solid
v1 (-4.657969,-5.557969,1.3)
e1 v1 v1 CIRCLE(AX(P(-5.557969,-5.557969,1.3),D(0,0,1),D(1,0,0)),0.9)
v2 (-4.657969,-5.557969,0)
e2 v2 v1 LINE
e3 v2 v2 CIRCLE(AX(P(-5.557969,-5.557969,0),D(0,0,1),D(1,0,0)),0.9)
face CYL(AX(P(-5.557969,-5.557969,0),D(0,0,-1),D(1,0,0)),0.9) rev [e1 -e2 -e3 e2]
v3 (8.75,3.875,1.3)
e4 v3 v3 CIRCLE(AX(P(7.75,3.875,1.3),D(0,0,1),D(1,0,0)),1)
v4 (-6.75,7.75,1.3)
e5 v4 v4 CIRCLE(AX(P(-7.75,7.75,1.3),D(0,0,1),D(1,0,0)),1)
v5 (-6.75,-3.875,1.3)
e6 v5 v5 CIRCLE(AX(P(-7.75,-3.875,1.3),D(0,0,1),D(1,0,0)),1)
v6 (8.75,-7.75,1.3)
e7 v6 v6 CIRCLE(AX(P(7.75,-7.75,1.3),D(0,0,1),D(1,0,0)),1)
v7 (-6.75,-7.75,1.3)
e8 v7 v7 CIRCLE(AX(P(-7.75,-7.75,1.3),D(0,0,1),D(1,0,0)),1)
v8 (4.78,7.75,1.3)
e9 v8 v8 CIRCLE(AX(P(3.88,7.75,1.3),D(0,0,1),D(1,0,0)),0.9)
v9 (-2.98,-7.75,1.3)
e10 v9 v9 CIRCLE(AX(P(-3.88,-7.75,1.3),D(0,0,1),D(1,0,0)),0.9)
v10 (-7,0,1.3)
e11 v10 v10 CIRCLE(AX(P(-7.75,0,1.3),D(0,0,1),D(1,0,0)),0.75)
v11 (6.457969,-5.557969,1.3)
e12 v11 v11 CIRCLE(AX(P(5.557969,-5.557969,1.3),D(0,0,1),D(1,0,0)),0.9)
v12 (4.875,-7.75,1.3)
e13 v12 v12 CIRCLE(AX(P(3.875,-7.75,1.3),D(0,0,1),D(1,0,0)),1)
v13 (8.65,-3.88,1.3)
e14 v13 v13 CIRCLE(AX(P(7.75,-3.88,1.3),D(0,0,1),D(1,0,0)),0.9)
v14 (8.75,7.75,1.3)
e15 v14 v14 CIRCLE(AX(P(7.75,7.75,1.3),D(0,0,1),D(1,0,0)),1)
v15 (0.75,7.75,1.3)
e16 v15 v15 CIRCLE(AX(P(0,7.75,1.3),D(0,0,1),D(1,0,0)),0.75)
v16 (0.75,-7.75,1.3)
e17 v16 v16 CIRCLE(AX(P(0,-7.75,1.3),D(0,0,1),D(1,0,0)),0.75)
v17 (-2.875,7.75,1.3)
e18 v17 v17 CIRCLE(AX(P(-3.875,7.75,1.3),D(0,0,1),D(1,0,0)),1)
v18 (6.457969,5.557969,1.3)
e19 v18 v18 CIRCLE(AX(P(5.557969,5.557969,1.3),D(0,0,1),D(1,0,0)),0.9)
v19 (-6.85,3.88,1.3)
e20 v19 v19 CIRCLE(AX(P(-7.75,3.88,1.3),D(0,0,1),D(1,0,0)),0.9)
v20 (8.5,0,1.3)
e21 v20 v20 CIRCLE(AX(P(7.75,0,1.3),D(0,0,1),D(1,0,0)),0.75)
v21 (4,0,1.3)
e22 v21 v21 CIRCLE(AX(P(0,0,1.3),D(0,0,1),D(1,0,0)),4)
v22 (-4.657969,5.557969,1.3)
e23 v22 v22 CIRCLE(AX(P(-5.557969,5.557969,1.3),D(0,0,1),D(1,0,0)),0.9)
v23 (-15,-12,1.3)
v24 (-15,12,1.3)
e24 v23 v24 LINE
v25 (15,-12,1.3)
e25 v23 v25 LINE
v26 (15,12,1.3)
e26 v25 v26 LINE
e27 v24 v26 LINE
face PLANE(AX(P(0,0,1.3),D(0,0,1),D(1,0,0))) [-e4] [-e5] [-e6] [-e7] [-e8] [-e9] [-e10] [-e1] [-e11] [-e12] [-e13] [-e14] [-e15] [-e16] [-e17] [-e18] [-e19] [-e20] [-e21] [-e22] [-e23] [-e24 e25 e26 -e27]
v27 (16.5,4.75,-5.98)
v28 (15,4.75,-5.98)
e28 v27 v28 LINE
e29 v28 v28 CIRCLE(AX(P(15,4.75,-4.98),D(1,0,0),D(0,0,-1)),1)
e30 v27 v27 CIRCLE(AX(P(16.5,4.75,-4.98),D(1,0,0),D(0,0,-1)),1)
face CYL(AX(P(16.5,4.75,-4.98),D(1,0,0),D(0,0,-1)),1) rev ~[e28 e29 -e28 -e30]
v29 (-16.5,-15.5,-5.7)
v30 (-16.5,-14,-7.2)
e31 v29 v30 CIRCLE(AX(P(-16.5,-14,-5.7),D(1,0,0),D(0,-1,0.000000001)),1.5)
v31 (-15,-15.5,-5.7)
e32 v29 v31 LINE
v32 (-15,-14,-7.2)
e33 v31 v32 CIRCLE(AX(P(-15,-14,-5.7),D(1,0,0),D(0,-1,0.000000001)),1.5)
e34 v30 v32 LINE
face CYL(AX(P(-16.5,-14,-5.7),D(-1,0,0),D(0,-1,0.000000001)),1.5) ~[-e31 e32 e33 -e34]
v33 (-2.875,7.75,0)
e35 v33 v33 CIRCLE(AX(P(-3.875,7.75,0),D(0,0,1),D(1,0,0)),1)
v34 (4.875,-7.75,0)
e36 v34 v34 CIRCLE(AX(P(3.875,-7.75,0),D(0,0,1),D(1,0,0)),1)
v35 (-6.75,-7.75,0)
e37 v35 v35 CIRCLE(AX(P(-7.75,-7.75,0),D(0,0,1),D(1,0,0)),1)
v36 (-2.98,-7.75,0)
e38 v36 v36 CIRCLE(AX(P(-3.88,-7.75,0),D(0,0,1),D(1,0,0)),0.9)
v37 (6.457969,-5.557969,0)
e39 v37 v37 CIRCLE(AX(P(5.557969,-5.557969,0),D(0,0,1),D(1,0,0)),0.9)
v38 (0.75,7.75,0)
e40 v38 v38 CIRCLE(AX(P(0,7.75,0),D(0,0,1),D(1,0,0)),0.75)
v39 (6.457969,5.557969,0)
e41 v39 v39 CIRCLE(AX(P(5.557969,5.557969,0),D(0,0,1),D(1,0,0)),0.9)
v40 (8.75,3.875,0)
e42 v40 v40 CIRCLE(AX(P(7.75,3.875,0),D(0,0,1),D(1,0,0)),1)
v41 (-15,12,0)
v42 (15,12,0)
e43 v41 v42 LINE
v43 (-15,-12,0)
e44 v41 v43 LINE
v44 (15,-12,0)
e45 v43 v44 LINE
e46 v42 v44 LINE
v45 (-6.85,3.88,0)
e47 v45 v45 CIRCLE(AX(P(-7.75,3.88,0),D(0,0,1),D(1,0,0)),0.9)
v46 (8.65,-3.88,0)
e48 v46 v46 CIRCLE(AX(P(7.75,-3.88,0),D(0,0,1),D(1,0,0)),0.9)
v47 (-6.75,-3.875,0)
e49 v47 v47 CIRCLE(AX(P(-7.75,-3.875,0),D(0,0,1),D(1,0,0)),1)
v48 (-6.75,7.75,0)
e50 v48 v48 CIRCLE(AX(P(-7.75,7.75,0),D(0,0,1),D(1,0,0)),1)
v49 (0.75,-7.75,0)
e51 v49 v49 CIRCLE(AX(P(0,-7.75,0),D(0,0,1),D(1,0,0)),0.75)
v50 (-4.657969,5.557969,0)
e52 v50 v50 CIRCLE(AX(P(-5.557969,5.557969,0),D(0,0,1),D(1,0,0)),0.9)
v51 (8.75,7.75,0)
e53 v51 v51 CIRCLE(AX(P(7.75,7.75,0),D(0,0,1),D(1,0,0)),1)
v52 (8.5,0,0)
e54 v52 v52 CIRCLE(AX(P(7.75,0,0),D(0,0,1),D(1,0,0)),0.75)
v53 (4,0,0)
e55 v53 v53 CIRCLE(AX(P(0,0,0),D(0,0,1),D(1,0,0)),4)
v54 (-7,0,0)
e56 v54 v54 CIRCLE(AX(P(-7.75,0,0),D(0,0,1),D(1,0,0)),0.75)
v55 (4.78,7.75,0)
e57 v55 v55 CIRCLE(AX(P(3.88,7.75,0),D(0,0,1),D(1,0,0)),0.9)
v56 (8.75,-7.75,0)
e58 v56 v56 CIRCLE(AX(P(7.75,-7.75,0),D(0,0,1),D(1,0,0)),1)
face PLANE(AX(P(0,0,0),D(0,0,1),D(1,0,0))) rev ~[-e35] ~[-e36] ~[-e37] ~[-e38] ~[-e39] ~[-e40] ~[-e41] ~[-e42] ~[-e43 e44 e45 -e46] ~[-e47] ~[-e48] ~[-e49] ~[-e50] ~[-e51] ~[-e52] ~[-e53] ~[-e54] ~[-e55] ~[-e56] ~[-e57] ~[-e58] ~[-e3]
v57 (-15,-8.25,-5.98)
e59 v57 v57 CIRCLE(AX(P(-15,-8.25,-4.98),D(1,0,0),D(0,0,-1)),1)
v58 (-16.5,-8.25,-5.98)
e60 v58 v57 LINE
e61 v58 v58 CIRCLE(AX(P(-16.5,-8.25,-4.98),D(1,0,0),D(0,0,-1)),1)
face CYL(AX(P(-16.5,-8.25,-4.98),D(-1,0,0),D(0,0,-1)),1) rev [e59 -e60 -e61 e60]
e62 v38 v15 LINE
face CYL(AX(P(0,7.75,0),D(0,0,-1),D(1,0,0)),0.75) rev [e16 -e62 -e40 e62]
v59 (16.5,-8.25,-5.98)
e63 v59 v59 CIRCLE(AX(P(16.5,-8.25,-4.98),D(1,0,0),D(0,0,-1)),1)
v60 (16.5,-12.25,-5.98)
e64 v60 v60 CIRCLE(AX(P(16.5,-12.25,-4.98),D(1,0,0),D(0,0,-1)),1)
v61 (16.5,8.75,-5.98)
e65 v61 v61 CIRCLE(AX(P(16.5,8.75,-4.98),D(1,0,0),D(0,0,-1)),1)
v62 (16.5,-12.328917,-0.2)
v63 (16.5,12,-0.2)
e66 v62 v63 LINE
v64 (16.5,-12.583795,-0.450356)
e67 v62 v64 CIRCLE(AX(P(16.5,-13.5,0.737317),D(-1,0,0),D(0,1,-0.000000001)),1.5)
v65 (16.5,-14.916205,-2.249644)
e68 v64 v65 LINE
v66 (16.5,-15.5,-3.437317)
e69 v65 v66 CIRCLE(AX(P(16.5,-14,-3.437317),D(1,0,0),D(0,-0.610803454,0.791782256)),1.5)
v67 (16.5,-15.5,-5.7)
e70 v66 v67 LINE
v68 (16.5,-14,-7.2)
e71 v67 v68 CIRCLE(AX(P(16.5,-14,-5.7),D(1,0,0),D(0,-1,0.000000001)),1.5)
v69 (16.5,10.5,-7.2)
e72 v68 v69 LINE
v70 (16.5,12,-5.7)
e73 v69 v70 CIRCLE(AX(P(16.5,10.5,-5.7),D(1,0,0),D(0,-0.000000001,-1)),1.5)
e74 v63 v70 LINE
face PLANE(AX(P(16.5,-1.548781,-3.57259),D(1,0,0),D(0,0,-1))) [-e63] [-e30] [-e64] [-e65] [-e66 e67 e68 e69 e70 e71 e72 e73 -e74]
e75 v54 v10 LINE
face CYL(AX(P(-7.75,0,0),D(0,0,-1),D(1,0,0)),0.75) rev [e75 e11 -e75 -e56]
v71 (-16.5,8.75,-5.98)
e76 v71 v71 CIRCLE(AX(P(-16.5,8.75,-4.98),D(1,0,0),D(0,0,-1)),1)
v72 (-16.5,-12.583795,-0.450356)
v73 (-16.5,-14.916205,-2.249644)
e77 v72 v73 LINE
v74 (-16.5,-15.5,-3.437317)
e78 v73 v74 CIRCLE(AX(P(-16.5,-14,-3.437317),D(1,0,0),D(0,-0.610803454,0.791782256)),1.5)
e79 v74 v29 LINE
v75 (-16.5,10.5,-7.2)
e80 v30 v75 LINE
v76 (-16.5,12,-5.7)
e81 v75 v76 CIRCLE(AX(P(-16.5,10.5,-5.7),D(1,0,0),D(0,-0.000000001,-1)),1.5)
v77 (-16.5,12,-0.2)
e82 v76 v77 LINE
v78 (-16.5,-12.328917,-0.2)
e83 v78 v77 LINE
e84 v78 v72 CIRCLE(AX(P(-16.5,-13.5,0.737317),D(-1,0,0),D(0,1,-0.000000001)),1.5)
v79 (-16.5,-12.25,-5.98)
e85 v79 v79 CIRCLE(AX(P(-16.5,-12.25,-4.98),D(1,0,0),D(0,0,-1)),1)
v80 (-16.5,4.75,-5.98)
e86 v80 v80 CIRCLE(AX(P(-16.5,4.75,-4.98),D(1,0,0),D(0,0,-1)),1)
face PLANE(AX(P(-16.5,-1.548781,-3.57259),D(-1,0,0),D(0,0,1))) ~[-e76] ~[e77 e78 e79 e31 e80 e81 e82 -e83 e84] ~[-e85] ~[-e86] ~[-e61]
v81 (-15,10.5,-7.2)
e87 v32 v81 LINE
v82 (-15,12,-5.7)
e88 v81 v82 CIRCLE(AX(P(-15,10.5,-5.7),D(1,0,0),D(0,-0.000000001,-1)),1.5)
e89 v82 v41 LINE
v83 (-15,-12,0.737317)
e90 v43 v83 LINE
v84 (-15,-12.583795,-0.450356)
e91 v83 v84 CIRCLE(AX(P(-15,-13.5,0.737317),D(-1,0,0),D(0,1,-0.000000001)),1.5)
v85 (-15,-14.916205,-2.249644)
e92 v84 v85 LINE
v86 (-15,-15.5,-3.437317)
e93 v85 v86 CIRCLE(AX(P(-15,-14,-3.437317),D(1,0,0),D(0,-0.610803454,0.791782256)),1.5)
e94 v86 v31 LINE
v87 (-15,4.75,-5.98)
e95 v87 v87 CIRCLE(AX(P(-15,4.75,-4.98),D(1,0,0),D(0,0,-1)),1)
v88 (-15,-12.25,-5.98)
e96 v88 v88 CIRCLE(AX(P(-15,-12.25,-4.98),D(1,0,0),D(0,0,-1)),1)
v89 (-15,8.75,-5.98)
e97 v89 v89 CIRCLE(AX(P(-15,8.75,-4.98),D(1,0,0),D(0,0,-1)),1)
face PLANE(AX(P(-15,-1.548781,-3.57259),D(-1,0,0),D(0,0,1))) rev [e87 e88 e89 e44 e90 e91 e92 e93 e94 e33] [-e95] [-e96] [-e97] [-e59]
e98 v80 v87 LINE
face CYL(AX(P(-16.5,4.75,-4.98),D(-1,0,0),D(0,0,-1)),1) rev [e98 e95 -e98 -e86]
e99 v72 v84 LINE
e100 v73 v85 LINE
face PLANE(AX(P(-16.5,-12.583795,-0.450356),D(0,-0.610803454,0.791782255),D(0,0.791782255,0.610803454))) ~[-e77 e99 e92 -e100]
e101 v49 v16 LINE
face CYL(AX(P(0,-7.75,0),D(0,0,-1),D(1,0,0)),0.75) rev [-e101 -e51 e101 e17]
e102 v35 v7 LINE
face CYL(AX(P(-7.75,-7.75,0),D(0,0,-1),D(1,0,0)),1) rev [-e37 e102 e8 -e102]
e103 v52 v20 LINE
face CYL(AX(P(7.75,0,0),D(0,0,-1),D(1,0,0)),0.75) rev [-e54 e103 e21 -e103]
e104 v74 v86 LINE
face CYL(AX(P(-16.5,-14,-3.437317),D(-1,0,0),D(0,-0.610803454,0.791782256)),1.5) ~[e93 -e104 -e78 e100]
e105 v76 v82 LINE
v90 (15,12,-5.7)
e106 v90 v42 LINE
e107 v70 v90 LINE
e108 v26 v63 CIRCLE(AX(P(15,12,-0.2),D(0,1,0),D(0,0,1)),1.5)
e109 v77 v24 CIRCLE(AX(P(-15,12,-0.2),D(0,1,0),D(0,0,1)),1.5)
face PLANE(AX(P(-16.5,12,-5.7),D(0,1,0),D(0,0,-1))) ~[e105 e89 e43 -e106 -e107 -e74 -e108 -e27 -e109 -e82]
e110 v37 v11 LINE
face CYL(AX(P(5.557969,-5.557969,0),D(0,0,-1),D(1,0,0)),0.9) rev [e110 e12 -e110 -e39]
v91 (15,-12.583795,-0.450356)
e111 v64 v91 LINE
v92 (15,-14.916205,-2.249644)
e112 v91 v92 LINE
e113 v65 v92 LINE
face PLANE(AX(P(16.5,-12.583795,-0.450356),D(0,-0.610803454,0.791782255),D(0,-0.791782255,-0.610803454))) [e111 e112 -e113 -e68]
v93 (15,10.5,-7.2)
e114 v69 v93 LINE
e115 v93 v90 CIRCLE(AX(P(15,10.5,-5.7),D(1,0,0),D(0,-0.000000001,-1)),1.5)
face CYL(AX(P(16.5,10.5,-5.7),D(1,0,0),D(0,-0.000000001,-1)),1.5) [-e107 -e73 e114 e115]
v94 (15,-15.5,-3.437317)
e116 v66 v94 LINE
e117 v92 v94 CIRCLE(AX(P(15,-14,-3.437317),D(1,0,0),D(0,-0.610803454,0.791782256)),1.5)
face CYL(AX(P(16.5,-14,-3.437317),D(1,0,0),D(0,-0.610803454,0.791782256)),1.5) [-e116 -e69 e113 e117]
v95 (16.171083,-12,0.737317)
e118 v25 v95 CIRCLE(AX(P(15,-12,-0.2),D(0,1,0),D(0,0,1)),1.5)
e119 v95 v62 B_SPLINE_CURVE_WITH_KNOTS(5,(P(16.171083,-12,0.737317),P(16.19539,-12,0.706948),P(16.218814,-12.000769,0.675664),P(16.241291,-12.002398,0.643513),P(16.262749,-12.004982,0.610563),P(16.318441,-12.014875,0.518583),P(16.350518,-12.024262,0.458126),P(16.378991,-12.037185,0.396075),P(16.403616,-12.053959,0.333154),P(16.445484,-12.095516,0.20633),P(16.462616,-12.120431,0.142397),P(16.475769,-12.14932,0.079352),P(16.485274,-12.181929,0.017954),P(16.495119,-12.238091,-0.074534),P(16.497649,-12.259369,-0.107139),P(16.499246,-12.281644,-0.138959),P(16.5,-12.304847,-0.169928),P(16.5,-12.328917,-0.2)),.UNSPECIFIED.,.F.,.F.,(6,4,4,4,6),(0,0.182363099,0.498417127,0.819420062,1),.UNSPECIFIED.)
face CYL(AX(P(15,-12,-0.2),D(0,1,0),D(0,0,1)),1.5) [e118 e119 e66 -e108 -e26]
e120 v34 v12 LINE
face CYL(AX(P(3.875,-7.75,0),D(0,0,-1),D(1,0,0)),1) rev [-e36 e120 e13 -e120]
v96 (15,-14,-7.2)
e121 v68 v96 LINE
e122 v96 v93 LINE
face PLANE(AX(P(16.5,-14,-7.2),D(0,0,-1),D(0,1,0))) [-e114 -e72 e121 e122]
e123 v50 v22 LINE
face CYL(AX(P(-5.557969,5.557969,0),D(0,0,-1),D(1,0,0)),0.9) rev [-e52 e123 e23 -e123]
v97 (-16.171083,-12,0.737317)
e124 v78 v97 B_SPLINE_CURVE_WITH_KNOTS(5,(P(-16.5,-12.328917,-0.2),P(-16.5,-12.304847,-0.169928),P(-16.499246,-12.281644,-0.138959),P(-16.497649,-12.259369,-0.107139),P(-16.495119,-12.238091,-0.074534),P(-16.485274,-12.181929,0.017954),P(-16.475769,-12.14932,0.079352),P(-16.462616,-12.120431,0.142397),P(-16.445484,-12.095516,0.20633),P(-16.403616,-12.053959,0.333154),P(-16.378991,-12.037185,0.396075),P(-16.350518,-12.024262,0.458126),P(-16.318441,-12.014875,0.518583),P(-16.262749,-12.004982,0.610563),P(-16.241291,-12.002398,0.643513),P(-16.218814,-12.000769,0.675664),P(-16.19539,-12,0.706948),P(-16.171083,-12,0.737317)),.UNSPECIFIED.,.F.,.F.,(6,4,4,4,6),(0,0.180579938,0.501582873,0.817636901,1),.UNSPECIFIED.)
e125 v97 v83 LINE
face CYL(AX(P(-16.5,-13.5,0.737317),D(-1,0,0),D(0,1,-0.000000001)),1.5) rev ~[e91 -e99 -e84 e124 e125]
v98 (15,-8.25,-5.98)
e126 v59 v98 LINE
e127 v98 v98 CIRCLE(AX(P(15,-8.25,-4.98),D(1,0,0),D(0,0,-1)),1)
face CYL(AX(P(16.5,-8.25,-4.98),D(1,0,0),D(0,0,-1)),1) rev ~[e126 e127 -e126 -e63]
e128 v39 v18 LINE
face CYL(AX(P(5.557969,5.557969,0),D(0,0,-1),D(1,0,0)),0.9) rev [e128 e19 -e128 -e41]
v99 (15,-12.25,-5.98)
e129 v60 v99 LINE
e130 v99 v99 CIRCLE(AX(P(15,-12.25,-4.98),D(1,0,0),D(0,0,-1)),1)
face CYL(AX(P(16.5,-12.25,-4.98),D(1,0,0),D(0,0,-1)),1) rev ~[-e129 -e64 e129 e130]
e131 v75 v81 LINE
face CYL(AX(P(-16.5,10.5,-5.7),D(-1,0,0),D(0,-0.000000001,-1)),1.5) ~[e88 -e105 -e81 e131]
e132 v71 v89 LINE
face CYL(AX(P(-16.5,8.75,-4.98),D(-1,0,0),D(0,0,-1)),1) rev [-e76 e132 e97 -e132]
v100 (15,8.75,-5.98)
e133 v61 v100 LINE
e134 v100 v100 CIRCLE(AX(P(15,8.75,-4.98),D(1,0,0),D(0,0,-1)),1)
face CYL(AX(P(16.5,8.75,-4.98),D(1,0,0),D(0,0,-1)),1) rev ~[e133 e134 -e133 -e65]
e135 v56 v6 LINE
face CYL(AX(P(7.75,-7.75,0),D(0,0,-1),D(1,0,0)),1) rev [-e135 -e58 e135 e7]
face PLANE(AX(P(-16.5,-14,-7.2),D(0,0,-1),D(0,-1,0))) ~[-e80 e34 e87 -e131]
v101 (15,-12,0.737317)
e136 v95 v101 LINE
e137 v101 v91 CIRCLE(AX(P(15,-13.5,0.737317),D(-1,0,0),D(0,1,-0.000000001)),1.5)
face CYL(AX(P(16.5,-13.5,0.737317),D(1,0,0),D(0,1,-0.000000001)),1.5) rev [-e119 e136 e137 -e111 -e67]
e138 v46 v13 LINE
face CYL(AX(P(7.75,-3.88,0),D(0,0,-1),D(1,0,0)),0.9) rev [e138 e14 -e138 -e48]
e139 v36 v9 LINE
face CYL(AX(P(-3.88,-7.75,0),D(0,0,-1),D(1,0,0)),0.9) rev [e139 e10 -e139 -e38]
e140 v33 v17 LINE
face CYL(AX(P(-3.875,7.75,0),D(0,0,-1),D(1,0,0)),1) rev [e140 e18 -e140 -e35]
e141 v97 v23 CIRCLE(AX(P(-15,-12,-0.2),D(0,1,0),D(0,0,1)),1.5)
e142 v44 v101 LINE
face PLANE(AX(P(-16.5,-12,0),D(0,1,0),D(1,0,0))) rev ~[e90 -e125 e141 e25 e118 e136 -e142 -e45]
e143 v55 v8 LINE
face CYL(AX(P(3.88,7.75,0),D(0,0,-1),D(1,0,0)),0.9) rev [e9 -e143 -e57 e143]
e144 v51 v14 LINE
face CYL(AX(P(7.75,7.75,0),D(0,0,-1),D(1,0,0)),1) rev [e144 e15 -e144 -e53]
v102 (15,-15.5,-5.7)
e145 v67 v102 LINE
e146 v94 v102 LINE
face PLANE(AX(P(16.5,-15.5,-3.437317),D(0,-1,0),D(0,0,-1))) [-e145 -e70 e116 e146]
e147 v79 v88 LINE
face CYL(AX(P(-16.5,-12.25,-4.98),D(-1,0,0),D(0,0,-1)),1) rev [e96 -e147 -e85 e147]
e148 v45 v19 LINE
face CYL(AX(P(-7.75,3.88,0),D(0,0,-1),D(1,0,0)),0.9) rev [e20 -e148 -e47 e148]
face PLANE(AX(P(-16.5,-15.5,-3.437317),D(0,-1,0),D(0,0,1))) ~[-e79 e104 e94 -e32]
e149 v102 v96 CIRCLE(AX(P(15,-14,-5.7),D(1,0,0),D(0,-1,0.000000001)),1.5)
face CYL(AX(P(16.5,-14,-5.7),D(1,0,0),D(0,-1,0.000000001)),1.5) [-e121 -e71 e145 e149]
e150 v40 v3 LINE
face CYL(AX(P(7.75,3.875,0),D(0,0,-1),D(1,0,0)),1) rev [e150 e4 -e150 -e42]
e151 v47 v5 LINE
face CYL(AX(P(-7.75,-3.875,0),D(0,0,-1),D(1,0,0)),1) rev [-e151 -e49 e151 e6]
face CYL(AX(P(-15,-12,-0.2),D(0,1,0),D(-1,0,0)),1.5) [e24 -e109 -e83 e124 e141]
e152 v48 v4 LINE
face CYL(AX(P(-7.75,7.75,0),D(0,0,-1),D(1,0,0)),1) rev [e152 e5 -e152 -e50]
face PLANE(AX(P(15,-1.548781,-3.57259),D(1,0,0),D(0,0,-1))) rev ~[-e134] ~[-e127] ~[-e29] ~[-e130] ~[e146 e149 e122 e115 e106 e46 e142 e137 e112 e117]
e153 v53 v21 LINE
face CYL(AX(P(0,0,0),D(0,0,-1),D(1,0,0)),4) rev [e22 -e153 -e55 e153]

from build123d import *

# Parameters (mm, degrees)
SKETCH1_W           = 33
SKETCH1_H           = 24
SKETCH1_R           = 4
SKETCH1_R_2         = 1
SKETCH1_R_3         = 0.75
SKETCH1_R_4         = 0.9
BOSS_EXTRUDE1_DEPTH = 1.3
SKETCH2_R           = 1
BOSS_EXTRUDE2_DEPTH = 1.5
FILLET1_R           = 1.5


with BuildPart() as part:
    # Sketch1 → Boss-Extrude1 (new body)
    with BuildSketch(Plane.XY):
        Rectangle(SKETCH1_W, SKETCH1_H)
        Circle(SKETCH1_R, mode=Mode.SUBTRACT)
        with Locations((-7.75, 7.75)):
            Circle(SKETCH1_R_2, mode=Mode.SUBTRACT)
        with Locations((7.75, 7.75)):
            Circle(SKETCH1_R_2, mode=Mode.SUBTRACT)
        with Locations((7.75, -7.75)):
            Circle(SKETCH1_R_2, mode=Mode.SUBTRACT)
        with Locations((-7.75, -7.75)):
            Circle(SKETCH1_R_2, mode=Mode.SUBTRACT)
        with Locations((0, 7.75)):
            Circle(SKETCH1_R_3, mode=Mode.SUBTRACT)
        with Locations((-3.875, 7.75)):
            Circle(SKETCH1_R_2, mode=Mode.SUBTRACT)
        with Locations((3.88, 7.75)):
            Circle(SKETCH1_R_4, mode=Mode.SUBTRACT)
        with Locations((-5.557968978, 5.557968978)):
            Circle(SKETCH1_R_4, mode=Mode.SUBTRACT)
        with Locations((7.75, 3.875)):
            Circle(SKETCH1_R_2, mode=Mode.SUBTRACT)
        with Locations((7.75, 0)):
            Circle(SKETCH1_R_3, mode=Mode.SUBTRACT)
        with Locations((7.75, -3.88)):
            Circle(SKETCH1_R_4, mode=Mode.SUBTRACT)
        with Locations((5.557968978, 5.557968978)):
            Circle(SKETCH1_R_4, mode=Mode.SUBTRACT)
        with Locations((3.875, -7.75)):
            Circle(SKETCH1_R_2, mode=Mode.SUBTRACT)
        with Locations((0, -7.75)):
            Circle(SKETCH1_R_3, mode=Mode.SUBTRACT)
        with Locations((-3.88, -7.75)):
            Circle(SKETCH1_R_4, mode=Mode.SUBTRACT)
        with Locations((5.557968978, -5.557968978)):
            Circle(SKETCH1_R_4, mode=Mode.SUBTRACT)
        with Locations((-7.75, -3.875)):
            Circle(SKETCH1_R_2, mode=Mode.SUBTRACT)
        with Locations((-7.75, 0)):
            Circle(SKETCH1_R_3, mode=Mode.SUBTRACT)
        with Locations((-7.75, 3.88)):
            Circle(SKETCH1_R_4, mode=Mode.SUBTRACT)
        with Locations((-5.557968978, -5.557968978)):
            Circle(SKETCH1_R_4, mode=Mode.SUBTRACT)
    extrude(amount=BOSS_EXTRUDE1_DEPTH)

    # Sketch2 → Boss-Extrude2 (add)
    with BuildSketch(Plane(origin=(16.5, 0, 0), x_dir=(0, 0, -1), z_dir=(1, 0, 0))):
        with BuildLine():
            Line((5.7, 12), (0, 12))
            Line((0, 12), (0, -12))
            Line((0, -12), (-0.73731738, -12))
            ThreePointArc((-0.73731738, -12), (-0.075617967, -12.153837348), (0.450356003, -12.583794819))
            Line((0.450356003, -12.583794819), (2.249643997, -14.916205181))
            ThreePointArc((2.249643997, -14.916205181), (2.775617967, -15.346162652), (3.43731738, -15.5))
            Line((3.43731738, -15.5), (5.7, -15.5))
            ThreePointArc((5.7, -15.5), (6.760660172, -15.060660172), (7.2, -14))
            Line((7.2, -14), (7.2, 10.5))
            ThreePointArc((7.2, 10.5), (6.760660172, 11.560660172), (5.7, 12))
        make_face()
        with Locations((4.98, -12.25)):
            Circle(SKETCH2_R, mode=Mode.SUBTRACT)
        with Locations((4.98, -8.25)):
            Circle(SKETCH2_R, mode=Mode.SUBTRACT)
        with Locations((4.98, 4.75)):
            Circle(SKETCH2_R, mode=Mode.SUBTRACT)
        with Locations((4.98, 8.75)):
            Circle(SKETCH2_R, mode=Mode.SUBTRACT)
    boss_extrude2 = extrude(amount=-BOSS_EXTRUDE2_DEPTH)

    # Mirror1: Boss-Extrude2 across plane
    add(boss_extrude2.mirror(Plane(origin=(0, 0, 0), x_dir=(0, 0, 1), z_dir=(1, 0, 0))))

    # Fillet1
    fillet1_edges = [part.edges().sort_by_distance(p)[0] for p in [
        (-16.5, 0, 1.3),
        (16.5, 0, 1.3),
    ]]
    fillet(fillet1_edges, radius=FILLET1_R)


solid = part.part
